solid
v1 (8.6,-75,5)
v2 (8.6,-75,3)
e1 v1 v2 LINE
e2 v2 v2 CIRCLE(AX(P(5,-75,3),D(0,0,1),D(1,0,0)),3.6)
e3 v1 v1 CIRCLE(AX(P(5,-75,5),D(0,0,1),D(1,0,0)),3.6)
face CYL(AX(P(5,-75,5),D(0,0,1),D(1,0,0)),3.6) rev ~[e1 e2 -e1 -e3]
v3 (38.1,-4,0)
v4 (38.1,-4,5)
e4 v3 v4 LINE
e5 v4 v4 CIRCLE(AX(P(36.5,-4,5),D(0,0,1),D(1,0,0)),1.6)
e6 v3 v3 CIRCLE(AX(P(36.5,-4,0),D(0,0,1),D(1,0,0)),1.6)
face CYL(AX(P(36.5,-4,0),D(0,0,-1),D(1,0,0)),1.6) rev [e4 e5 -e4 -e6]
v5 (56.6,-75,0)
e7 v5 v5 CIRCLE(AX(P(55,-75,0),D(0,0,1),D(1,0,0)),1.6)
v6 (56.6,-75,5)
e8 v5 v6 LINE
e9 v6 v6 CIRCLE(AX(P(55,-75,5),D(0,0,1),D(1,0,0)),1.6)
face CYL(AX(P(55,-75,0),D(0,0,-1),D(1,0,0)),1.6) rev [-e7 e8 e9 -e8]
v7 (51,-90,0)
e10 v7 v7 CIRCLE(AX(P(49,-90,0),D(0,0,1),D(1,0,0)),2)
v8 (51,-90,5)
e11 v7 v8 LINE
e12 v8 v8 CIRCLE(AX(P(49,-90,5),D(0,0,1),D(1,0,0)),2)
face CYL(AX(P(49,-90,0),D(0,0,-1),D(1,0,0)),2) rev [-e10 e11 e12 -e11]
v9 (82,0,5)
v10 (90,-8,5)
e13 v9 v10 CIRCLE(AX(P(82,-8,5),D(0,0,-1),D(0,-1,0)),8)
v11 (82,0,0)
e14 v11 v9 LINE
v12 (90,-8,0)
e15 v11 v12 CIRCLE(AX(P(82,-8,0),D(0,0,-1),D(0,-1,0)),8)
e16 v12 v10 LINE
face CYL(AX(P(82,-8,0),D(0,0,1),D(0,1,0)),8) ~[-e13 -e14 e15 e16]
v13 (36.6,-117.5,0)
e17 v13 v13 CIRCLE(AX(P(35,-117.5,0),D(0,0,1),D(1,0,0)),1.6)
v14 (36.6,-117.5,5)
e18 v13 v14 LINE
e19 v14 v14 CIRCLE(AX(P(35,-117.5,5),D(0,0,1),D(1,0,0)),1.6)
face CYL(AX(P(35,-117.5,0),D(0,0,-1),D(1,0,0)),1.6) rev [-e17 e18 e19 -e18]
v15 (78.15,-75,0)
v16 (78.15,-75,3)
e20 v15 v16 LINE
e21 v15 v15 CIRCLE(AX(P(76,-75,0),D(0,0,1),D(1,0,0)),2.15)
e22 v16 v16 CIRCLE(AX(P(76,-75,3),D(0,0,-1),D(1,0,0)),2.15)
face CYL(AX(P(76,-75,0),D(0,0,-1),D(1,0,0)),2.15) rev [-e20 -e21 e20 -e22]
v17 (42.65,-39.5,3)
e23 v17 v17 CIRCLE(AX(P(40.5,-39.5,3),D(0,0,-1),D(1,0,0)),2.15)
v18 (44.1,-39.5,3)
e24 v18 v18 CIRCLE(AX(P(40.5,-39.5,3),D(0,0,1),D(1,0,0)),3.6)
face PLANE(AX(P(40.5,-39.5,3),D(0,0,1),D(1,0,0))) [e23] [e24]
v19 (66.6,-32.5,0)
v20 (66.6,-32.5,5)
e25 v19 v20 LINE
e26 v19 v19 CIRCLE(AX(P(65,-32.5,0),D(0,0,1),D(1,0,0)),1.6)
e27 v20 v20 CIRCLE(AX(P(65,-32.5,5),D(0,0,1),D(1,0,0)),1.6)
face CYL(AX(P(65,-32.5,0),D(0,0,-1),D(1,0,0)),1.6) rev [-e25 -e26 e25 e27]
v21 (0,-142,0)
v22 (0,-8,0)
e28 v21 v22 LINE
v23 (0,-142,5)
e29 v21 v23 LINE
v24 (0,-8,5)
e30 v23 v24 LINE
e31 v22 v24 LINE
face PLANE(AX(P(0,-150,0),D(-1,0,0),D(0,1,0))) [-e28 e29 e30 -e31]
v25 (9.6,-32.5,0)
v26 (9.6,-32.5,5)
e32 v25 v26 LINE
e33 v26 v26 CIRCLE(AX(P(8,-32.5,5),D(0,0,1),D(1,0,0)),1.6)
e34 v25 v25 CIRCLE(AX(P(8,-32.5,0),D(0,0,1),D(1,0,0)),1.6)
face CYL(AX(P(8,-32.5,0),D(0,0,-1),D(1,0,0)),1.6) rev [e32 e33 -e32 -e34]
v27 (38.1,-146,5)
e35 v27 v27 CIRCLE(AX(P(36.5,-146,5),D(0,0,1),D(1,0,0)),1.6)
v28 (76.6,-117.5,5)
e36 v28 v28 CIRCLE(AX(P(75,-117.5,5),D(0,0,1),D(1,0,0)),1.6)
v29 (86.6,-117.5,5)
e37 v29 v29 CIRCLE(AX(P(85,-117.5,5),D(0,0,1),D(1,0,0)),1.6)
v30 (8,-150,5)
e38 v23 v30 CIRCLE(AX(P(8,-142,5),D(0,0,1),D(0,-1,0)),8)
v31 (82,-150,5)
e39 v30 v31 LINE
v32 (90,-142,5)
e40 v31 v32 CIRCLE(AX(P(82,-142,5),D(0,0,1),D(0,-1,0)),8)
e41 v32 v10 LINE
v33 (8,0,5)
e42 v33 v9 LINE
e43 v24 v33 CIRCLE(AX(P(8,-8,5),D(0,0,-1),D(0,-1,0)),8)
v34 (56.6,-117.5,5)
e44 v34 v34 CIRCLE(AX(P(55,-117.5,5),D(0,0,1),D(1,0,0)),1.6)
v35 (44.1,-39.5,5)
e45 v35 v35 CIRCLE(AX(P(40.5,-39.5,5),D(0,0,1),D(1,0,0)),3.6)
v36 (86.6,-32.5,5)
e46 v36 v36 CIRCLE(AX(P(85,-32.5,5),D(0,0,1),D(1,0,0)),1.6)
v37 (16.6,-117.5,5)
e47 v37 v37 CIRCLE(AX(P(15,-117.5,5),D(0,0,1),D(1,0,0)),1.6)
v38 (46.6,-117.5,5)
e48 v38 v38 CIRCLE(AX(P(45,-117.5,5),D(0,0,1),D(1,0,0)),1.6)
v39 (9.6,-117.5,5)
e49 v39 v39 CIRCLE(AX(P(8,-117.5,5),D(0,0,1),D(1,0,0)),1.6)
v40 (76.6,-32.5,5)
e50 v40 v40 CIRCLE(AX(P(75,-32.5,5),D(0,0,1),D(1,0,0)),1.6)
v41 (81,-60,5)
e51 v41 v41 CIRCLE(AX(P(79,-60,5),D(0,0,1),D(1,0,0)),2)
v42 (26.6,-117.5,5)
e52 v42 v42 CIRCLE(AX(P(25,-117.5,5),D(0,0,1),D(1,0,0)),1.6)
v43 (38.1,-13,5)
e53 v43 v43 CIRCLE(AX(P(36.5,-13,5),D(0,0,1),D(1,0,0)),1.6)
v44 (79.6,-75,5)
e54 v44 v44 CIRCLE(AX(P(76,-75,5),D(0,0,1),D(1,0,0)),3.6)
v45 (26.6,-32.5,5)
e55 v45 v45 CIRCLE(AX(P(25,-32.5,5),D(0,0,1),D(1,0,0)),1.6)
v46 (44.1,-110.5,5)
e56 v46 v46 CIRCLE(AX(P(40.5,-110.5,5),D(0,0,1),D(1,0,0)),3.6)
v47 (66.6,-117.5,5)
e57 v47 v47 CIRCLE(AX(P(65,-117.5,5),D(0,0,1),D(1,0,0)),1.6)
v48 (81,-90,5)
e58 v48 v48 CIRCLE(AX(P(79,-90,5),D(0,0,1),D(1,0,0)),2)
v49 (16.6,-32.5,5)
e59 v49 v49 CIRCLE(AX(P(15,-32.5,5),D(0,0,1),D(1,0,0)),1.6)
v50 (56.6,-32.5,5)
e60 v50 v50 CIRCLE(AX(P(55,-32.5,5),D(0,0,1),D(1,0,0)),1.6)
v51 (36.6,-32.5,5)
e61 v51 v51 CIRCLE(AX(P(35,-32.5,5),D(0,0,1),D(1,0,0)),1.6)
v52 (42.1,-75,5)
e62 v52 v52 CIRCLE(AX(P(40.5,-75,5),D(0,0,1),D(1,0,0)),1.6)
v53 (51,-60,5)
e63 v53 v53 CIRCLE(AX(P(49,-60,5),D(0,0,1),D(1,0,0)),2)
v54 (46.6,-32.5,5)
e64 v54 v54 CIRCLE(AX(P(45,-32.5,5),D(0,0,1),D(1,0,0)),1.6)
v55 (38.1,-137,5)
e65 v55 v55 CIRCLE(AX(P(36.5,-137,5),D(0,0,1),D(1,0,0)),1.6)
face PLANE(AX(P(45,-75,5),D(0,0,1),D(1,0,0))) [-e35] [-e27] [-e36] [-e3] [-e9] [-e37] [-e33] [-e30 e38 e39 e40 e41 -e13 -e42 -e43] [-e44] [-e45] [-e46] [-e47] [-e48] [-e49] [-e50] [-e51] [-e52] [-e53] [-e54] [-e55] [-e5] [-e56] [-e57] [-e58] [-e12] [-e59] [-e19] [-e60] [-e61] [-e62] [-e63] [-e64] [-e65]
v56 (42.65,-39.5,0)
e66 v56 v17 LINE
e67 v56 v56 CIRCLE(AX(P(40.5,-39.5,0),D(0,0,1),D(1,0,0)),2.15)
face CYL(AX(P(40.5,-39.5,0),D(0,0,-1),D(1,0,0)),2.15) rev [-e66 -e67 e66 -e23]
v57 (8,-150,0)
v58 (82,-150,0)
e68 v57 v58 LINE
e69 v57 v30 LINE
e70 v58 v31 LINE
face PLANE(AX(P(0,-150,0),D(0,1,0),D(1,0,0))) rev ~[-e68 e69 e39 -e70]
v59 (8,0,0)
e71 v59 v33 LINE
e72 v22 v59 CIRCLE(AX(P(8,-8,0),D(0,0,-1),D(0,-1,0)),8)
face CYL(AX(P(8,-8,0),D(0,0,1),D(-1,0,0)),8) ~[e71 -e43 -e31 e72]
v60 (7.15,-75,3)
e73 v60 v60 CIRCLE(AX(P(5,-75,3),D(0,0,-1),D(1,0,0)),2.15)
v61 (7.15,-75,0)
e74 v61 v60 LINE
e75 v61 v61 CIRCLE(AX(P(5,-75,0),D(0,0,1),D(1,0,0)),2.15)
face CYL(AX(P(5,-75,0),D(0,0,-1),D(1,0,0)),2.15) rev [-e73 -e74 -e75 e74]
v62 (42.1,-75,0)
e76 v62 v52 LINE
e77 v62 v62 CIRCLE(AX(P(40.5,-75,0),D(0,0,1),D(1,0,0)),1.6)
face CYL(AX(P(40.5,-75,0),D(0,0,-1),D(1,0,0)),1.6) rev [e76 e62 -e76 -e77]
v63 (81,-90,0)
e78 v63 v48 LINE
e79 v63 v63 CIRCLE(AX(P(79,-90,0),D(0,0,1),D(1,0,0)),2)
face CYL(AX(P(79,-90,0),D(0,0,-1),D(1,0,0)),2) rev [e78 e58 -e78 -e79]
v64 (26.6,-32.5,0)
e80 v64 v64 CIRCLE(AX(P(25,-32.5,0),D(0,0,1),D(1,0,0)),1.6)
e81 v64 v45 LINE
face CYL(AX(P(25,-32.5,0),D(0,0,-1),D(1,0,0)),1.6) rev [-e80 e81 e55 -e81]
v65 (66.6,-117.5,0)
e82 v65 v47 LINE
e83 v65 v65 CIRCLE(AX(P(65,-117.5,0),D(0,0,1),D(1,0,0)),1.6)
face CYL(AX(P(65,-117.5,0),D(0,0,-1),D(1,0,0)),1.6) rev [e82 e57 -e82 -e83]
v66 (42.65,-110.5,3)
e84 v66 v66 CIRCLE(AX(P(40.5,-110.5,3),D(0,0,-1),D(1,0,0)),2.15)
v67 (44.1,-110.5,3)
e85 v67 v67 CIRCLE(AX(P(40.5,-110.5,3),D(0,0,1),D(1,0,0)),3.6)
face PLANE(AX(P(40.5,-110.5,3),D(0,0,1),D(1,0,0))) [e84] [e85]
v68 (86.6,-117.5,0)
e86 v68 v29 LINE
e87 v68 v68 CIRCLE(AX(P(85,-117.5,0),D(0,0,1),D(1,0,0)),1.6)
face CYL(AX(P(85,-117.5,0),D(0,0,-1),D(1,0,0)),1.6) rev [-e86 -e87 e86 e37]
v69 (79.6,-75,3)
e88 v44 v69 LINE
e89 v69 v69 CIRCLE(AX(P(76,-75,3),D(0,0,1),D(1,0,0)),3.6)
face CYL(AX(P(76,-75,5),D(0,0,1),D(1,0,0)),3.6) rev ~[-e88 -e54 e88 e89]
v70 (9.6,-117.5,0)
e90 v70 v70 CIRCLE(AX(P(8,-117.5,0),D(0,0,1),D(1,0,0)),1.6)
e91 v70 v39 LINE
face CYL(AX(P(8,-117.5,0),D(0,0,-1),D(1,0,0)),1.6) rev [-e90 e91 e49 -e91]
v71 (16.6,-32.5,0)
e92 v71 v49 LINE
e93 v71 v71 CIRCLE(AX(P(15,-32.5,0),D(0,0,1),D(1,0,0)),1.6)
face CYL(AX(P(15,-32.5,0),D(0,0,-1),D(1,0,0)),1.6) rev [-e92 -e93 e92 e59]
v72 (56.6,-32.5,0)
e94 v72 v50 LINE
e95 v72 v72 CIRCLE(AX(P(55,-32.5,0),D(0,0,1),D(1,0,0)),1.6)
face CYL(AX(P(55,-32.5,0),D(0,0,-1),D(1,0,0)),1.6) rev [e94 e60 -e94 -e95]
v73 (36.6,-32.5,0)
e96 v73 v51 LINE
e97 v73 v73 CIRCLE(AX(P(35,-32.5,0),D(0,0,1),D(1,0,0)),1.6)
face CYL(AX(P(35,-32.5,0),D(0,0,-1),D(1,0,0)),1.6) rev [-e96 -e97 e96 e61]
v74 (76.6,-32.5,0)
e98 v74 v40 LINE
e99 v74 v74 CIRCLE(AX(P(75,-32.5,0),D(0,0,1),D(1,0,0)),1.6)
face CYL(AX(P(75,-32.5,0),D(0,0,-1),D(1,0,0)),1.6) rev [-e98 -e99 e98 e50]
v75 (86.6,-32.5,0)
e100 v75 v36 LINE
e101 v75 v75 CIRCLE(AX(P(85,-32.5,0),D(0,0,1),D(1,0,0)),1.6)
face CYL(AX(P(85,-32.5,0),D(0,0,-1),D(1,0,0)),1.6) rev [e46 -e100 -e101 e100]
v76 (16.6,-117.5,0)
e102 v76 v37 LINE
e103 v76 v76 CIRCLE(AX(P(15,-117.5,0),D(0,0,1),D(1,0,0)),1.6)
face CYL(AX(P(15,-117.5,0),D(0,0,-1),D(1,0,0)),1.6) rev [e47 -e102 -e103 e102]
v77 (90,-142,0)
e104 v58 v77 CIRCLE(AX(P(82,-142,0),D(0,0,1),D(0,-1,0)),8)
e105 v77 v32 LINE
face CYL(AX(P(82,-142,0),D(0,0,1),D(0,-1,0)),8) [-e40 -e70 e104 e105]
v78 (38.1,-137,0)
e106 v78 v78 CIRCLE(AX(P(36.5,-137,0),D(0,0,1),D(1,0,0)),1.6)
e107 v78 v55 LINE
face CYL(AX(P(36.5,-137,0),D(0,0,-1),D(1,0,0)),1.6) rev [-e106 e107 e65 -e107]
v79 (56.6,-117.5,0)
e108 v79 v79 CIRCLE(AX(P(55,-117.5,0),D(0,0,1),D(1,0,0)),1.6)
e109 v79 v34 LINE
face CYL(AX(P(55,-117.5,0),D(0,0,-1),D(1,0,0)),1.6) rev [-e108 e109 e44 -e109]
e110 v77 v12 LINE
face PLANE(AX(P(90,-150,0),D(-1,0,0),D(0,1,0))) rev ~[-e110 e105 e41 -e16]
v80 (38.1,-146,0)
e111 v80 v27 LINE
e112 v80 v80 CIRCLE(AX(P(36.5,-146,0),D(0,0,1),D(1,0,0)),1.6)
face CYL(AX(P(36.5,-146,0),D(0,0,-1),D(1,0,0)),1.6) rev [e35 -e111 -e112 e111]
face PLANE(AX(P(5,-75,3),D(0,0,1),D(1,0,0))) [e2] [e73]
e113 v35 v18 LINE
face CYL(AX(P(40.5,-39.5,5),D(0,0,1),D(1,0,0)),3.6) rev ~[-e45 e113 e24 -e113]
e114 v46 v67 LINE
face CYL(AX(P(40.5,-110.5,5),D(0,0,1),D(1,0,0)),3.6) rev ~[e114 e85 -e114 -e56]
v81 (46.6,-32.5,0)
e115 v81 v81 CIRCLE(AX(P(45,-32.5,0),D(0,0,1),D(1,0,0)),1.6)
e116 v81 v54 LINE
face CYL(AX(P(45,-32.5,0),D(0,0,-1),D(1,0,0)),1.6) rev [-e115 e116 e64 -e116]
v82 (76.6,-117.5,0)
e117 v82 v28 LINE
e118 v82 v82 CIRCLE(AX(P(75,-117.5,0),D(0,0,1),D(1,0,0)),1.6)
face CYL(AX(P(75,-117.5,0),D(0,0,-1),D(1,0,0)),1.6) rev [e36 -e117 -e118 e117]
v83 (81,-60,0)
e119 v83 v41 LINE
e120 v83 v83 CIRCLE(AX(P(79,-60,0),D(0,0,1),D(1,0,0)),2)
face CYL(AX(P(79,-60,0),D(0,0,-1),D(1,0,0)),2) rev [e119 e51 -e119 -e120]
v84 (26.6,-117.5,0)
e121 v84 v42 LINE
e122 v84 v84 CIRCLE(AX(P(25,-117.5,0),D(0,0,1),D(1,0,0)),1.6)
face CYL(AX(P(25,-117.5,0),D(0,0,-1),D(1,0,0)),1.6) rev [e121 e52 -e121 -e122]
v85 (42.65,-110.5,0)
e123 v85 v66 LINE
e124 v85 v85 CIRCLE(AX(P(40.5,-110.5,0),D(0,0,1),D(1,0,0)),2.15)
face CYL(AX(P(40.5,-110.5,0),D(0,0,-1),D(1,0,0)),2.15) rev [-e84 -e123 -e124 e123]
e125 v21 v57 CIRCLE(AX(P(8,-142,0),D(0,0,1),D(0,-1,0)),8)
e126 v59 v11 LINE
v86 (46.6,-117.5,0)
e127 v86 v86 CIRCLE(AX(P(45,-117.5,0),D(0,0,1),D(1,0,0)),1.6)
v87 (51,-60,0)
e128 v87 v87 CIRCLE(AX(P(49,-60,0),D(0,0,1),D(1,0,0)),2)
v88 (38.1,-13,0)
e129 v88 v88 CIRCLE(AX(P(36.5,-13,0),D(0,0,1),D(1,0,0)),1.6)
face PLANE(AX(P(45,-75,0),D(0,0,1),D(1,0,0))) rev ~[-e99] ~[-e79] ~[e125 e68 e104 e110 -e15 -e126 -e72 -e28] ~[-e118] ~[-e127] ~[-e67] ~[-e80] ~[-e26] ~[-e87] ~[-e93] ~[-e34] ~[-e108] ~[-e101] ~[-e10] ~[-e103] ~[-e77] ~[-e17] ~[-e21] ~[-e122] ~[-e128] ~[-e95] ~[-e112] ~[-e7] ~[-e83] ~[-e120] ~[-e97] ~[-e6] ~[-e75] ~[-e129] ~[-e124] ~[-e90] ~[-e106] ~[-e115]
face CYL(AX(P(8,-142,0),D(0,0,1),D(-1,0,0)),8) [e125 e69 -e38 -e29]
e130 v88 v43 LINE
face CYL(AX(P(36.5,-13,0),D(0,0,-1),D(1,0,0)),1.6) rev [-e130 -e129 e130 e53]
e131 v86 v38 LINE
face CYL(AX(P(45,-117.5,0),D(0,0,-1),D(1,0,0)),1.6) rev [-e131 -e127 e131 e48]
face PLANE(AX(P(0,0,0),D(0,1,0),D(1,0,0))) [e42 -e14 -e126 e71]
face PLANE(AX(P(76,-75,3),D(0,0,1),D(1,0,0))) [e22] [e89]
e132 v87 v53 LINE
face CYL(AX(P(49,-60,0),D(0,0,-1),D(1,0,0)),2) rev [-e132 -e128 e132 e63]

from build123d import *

# Parameters (mm, degrees)
SKETCH_1_W          = 90
SKETCH_1_H          = 150
SKETCH_1_R          = 2
SKETCH_1_R_2        = 2.15
SKETCH_1_R_3        = 1.6
EXTRUDE_1_DEPTH     = 5
FILLET_1_R          = 8
SKETCH_2_R          = 3.6
CUT_EXTRUDE_1_DEPTH = 2


with BuildPart() as part:
    # 草图1 → 凸台-拉伸1 (new body)
    with BuildSketch(Plane.XY):
        with Locations((45, -75)):
            Rectangle(SKETCH_1_W, SKETCH_1_H)
        with Locations((79, -60)):
            Circle(SKETCH_1_R, mode=Mode.SUBTRACT)
        with Locations((79, -90)):
            Circle(SKETCH_1_R, mode=Mode.SUBTRACT)
        with Locations((49, -60)):
            Circle(SKETCH_1_R, mode=Mode.SUBTRACT)
        with Locations((49, -90)):
            Circle(SKETCH_1_R, mode=Mode.SUBTRACT)
        with Locations((40.5, -39.5)):
            Circle(SKETCH_1_R_2, mode=Mode.SUBTRACT)
        with Locations((40.5, -110.5)):
            Circle(SKETCH_1_R_2, mode=Mode.SUBTRACT)
        with Locations((76, -75)):
            Circle(SKETCH_1_R_2, mode=Mode.SUBTRACT)
        with Locations((5, -75)):
            Circle(SKETCH_1_R_2, mode=Mode.SUBTRACT)
        with Locations((85, -117.5)):
            Circle(SKETCH_1_R_3, mode=Mode.SUBTRACT)
        with Locations((75, -117.5)):
            Circle(SKETCH_1_R_3, mode=Mode.SUBTRACT)
        with Locations((65, -117.5)):
            Circle(SKETCH_1_R_3, mode=Mode.SUBTRACT)
        with Locations((55, -117.5)):
            Circle(SKETCH_1_R_3, mode=Mode.SUBTRACT)
        with Locations((45, -117.5)):
            Circle(SKETCH_1_R_3, mode=Mode.SUBTRACT)
        with Locations((85, -32.5)):
            Circle(SKETCH_1_R_3, mode=Mode.SUBTRACT)
        with Locations((75, -32.5)):
            Circle(SKETCH_1_R_3, mode=Mode.SUBTRACT)
        with Locations((65, -32.5)):
            Circle(SKETCH_1_R_3, mode=Mode.SUBTRACT)
        with Locations((55, -32.5)):
            Circle(SKETCH_1_R_3, mode=Mode.SUBTRACT)
        with Locations((45, -32.5)):
            Circle(SKETCH_1_R_3, mode=Mode.SUBTRACT)
        with Locations((35, -117.5)):
            Circle(SKETCH_1_R_3, mode=Mode.SUBTRACT)
        with Locations((25, -117.5)):
            Circle(SKETCH_1_R_3, mode=Mode.SUBTRACT)
        with Locations((15, -117.5)):
            Circle(SKETCH_1_R_3, mode=Mode.SUBTRACT)
        with Locations((35, -32.5)):
            Circle(SKETCH_1_R_3, mode=Mode.SUBTRACT)
        with Locations((25, -32.5)):
            Circle(SKETCH_1_R_3, mode=Mode.SUBTRACT)
        with Locations((15, -32.5)):
            Circle(SKETCH_1_R_3, mode=Mode.SUBTRACT)
        with Locations((8, -117.5)):
            Circle(SKETCH_1_R_3, mode=Mode.SUBTRACT)
        with Locations((8, -32.5)):
            Circle(SKETCH_1_R_3, mode=Mode.SUBTRACT)
        with Locations((36.5, -4)):
            Circle(SKETCH_1_R_3, mode=Mode.SUBTRACT)
        with Locations((36.5, -13)):
            Circle(SKETCH_1_R_3, mode=Mode.SUBTRACT)
        with Locations((36.5, -137)):
            Circle(SKETCH_1_R_3, mode=Mode.SUBTRACT)
        with Locations((36.5, -146)):
            Circle(SKETCH_1_R_3, mode=Mode.SUBTRACT)
        with Locations((55, -75)):
            Circle(SKETCH_1_R_3, mode=Mode.SUBTRACT)
        with Locations((40.5, -75)):
            Circle(SKETCH_1_R_3, mode=Mode.SUBTRACT)
    extrude(amount=EXTRUDE_1_DEPTH)

    # 圆角1
    fillet_1_edges = [part.edges().sort_by_distance(p)[0] for p in [
        (0, 0, 2.5),
        (90, 0, 2.5),
        (90, -150, 2.5),
        (0, -150, 2.5),
    ]]
    fillet(fillet_1_edges, radius=FILLET_1_R)

    # 草图2 → 切除-拉伸1 (cut)
    with BuildSketch(Plane.XY.offset(5)):
        with Locations((40.5, -39.5)):
            Circle(SKETCH_2_R)
        with Locations((76, -75)):
            Circle(SKETCH_2_R)
        with Locations((5, -75)):
            Circle(SKETCH_2_R)
        with Locations((40.5, -110.5)):
            Circle(SKETCH_2_R)
    extrude(amount=-CUT_EXTRUDE_1_DEPTH, mode=Mode.SUBTRACT)


solid = part.part
